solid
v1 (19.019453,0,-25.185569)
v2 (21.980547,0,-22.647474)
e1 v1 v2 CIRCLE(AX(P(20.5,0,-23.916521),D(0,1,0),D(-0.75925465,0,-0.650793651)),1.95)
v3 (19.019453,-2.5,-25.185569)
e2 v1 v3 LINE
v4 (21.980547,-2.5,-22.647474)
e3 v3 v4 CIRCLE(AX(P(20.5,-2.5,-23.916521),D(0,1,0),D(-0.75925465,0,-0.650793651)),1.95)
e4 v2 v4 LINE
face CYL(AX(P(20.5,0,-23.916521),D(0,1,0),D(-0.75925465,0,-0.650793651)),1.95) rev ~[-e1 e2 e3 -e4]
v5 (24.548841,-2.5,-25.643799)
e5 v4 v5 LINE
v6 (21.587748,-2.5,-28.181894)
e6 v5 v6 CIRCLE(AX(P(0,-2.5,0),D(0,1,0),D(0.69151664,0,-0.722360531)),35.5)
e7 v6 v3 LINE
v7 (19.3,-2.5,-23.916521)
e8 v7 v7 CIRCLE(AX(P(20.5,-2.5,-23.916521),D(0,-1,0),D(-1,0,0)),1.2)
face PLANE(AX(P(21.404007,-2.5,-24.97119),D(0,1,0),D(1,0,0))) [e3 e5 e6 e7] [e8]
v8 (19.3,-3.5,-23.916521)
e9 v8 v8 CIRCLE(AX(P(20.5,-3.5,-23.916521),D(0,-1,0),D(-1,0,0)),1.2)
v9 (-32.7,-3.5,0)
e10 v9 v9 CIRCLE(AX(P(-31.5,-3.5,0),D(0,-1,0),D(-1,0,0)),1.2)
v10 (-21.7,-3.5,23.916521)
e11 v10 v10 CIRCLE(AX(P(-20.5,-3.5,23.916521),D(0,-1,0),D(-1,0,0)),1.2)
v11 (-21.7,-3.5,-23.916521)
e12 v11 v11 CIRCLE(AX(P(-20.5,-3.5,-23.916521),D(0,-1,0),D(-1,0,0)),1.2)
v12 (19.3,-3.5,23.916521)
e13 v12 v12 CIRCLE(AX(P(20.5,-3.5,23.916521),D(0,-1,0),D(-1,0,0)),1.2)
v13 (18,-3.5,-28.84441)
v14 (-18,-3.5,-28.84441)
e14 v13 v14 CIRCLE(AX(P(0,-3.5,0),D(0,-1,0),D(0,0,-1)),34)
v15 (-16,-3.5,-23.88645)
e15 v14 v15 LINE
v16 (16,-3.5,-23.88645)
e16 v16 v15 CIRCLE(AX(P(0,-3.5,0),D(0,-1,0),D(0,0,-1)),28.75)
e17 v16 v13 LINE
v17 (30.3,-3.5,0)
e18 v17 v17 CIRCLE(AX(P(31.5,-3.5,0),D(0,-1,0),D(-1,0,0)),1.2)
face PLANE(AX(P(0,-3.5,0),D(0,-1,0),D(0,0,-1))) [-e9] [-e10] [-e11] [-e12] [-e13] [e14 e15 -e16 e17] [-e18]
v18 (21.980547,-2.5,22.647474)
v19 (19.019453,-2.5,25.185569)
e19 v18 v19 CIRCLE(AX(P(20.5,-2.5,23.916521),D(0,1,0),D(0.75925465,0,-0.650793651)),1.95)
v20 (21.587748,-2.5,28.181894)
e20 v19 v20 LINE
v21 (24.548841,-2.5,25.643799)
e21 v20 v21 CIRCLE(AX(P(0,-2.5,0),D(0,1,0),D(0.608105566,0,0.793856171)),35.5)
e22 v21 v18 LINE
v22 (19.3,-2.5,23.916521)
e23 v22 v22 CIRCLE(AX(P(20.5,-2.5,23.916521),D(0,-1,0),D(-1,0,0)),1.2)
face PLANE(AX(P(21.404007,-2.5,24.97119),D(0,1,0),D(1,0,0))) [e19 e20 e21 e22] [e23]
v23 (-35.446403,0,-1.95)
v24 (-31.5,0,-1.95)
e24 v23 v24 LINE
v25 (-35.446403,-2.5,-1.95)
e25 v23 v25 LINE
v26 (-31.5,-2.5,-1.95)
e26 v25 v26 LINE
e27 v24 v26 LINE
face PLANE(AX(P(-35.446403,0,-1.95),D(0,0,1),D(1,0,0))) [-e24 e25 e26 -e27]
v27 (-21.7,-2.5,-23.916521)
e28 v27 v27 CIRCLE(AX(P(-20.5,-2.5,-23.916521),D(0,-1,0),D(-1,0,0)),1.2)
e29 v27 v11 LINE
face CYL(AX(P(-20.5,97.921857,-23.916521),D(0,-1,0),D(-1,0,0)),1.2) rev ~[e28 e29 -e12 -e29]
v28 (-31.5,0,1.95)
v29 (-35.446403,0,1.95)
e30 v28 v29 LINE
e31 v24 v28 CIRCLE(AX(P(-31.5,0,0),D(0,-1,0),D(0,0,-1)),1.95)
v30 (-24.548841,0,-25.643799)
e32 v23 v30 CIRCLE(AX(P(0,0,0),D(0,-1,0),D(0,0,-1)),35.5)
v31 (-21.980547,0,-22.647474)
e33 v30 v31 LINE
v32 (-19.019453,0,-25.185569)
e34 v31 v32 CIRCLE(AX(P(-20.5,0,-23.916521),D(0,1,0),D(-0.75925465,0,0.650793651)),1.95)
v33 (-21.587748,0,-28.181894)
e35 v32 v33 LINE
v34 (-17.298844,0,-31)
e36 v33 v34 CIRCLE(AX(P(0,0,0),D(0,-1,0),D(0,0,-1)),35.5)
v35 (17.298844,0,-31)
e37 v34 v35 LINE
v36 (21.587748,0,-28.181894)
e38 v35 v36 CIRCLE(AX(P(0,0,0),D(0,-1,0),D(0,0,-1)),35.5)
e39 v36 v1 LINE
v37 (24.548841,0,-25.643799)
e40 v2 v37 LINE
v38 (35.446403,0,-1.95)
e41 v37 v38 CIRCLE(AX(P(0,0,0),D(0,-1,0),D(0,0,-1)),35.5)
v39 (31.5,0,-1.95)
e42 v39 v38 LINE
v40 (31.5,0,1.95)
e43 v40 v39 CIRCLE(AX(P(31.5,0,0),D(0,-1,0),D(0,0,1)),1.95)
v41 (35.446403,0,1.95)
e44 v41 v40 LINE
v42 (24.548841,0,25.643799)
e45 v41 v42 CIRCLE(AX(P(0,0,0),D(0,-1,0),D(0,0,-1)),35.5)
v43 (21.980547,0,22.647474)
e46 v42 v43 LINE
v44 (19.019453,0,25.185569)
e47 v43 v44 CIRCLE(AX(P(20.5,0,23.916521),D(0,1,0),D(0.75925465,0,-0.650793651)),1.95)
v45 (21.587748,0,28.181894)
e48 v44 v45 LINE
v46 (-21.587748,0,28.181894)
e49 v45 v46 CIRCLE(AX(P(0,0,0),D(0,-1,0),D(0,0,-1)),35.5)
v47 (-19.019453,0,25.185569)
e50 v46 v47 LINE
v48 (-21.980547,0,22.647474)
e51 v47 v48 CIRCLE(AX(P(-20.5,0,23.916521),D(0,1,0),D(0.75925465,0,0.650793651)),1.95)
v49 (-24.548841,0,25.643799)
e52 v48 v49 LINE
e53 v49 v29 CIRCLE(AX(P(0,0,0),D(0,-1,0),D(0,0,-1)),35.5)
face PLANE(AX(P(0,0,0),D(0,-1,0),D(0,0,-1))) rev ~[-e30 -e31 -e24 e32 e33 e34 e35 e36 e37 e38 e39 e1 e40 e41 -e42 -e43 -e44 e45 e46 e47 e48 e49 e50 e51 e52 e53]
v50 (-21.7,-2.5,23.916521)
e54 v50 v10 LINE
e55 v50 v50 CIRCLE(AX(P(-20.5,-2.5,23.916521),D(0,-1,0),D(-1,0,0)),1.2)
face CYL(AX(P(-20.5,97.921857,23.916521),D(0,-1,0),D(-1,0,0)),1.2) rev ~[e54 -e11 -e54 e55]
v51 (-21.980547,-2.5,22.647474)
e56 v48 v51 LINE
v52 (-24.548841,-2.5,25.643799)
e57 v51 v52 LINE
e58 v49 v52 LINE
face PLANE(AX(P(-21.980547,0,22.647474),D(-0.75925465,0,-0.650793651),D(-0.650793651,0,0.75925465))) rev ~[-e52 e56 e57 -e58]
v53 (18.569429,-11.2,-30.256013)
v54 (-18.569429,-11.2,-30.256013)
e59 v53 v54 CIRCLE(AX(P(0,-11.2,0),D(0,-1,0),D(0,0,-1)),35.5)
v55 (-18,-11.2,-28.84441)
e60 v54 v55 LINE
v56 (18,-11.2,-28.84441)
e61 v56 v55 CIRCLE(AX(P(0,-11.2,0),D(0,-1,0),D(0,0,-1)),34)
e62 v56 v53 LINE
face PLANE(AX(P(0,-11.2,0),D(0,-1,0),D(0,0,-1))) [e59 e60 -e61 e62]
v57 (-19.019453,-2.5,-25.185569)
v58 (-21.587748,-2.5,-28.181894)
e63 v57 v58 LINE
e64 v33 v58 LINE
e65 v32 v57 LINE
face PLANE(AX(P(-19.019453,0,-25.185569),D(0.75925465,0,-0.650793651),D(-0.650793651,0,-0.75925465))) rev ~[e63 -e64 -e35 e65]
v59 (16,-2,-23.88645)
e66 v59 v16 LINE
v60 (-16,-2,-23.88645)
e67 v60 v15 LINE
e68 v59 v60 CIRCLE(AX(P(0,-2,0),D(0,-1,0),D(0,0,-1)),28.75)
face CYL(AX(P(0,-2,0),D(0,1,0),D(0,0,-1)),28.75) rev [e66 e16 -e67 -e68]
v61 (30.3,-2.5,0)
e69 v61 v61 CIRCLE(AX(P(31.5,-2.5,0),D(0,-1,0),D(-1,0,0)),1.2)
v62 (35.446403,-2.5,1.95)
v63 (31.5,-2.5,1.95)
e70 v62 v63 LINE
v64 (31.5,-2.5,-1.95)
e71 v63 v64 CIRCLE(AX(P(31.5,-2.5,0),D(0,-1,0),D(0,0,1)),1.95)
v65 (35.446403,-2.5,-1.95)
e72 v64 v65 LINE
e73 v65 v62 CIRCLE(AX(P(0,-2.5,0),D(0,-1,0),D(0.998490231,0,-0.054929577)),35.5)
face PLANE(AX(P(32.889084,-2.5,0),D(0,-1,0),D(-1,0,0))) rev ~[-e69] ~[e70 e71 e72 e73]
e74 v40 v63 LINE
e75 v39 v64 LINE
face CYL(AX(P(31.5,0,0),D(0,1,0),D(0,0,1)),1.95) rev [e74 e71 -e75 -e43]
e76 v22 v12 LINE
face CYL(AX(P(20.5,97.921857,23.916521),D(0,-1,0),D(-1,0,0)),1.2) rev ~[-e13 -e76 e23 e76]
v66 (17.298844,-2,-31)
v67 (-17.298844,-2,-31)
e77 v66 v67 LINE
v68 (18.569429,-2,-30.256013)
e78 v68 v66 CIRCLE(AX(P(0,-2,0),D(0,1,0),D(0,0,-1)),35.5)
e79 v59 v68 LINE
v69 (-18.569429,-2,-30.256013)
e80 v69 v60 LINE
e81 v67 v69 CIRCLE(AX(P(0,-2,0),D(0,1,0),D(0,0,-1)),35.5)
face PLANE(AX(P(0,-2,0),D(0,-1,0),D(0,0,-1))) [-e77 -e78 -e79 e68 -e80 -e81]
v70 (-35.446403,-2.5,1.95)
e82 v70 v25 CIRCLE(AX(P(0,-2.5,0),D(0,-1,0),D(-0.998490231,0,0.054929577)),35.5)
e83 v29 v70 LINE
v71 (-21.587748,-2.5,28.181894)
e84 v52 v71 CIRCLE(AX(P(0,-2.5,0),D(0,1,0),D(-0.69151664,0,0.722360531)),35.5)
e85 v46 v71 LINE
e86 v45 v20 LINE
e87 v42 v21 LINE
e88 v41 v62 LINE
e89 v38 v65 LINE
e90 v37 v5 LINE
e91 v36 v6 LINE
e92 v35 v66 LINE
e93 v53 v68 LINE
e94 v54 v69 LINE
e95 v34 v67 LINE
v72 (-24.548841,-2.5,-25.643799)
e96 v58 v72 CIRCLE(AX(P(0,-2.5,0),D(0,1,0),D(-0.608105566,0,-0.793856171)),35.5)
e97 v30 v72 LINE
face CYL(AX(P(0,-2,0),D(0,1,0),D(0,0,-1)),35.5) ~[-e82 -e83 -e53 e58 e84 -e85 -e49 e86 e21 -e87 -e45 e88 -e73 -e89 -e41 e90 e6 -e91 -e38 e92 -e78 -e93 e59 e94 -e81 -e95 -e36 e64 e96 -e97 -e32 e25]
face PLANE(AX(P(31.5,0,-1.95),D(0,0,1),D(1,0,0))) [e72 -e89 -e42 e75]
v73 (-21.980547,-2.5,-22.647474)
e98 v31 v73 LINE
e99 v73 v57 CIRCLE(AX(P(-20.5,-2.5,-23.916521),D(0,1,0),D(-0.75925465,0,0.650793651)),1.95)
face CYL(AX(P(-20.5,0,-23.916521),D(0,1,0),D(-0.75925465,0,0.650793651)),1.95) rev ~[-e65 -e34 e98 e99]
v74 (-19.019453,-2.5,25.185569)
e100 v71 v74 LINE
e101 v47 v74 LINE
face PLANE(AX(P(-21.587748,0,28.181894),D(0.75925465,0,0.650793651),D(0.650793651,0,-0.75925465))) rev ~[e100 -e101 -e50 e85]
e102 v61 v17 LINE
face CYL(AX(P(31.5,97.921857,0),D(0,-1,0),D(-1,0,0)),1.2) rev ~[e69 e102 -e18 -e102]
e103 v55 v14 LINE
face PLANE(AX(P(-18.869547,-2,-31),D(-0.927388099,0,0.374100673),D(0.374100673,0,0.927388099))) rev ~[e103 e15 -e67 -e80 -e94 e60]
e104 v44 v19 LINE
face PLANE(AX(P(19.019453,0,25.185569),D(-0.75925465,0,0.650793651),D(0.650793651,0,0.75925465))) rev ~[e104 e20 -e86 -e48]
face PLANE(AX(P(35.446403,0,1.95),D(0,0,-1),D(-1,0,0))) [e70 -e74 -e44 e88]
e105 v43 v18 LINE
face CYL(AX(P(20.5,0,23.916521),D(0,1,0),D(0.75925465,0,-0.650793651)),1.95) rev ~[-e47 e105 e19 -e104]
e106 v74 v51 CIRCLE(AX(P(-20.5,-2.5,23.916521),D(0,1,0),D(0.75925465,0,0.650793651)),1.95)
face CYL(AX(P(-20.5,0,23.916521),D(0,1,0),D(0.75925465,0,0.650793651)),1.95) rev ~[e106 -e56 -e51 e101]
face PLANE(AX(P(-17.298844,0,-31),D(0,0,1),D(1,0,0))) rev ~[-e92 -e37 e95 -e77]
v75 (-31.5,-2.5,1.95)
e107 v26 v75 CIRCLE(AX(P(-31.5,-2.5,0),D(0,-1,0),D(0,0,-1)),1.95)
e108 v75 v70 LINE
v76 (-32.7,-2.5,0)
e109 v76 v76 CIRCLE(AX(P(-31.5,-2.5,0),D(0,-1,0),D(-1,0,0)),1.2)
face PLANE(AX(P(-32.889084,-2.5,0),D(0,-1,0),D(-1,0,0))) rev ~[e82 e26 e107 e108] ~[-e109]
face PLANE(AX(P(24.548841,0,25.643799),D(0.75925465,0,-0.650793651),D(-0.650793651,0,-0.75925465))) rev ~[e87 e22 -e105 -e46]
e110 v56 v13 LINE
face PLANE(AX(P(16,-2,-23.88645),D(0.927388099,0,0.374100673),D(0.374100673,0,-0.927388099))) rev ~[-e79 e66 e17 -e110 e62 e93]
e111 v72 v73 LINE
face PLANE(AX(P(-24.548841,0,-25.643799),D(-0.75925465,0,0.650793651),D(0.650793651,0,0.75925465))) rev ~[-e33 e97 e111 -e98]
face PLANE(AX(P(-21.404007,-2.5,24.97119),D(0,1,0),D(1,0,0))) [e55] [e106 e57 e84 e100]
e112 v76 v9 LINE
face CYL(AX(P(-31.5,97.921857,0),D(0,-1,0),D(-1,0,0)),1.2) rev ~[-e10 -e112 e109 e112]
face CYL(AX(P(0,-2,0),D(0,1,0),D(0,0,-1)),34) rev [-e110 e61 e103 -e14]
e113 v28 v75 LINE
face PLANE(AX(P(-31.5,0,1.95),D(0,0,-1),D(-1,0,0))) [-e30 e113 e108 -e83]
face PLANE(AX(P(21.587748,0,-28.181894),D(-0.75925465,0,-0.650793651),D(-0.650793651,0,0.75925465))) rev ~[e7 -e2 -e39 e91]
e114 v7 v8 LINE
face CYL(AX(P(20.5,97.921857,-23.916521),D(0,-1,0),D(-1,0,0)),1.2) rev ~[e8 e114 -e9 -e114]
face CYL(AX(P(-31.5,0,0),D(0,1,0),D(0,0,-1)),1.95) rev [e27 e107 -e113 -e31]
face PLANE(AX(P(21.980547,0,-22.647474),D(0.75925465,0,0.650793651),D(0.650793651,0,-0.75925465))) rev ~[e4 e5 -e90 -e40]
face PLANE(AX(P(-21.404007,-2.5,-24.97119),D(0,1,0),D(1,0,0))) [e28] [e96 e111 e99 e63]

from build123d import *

# Parameters (mm, degrees)
SKETCH1_R            = 35.5
BOSS_EXTRUDE1_DEPTH  = 2
SKETCH2_R            = 35.5
SKETCH2_R_2          = 34
BOSS_EXTRUDE2_DEPTH  = 9.2
SKETCH5_R            = 34
SKETCH5_R_2          = 28.75
BOSS_EXTRUDE3_DEPTH  = 1.5
CUT_EXTRUDE2_REACH   = 53.439
CUT_EXTRUDE3_REACH   = 53.041
M2_CLEARANCE_HOLE1_D = 2.4
SKETCH10_R           = 1.2
CUT_EXTRUDE4_DEPTH   = 2.5


with BuildPart() as part:
    # Sketch1 → Boss-Extrude1 (new body)
    with BuildSketch(Plane.XZ):
        with Locations(Location((0, 0, 0), (0, 0, 270))):
            Circle(SKETCH1_R)
    extrude(amount=BOSS_EXTRUDE1_DEPTH)

    # Sketch2 → Boss-Extrude2 (add)
    with BuildSketch(Plane.XZ.offset(2)):
        with Locations(Location((0, 0, 0), (0, 0, 270))):
            Circle(SKETCH2_R)
        with Locations(Location((0, 0, 0), (0, 0, 270))):
            Circle(SKETCH2_R_2, mode=Mode.SUBTRACT)
    extrude(amount=BOSS_EXTRUDE2_DEPTH)

    # Sketch5 → Boss-Extrude3 (add)
    with BuildSketch(Plane.XZ.offset(2)):
        with Locations(Location((0, 0, 0), (0, 0, 270))):
            Circle(SKETCH5_R)
        with Locations(Location((0, 0, 0), (0, 0, 270))):
            Circle(SKETCH5_R_2, mode=Mode.SUBTRACT)
    extrude(amount=BOSS_EXTRUDE3_DEPTH)

    # Sketch3 → Cut-Extrude2 (cut, up to next)
    with BuildSketch(Plane(origin=(0, 0, 0), x_dir=(1, 0, 0), z_dir=(0, 1, 0)), mode=Mode.PRIVATE) as cut_extrude2_sk1:
        with BuildLine():
            Line((-17.298843892, 31), (17.298843892, 31))
            ThreePointArc((17.298843892, 31), (0, 35.5), (-17.298843892, 31))
        make_face()
    cut_extrude2_tool1 = extrude(cut_extrude2_sk1.sketch, amount=-CUT_EXTRUDE2_REACH, mode=Mode.PRIVATE) & part.part
    add(cut_extrude2_tool1.solids().sort_by_distance((0, 0, -32.810151))[0], mode=Mode.SUBTRACT)

    # Sketch6 → Cut-Extrude3 (cut, up to next)
    with BuildSketch(Plane.XZ.offset(2), mode=Mode.PRIVATE) as cut_extrude3_sk1:
        Polygon((-18.869547058, -31), (-16, -23.886450134), (16, -23.886450134), (18.869547058, -31), align=None)
    cut_extrude3_tool1 = extrude(cut_extrude3_sk1.sketch, amount=CUT_EXTRUDE3_REACH, mode=Mode.PRIVATE) & part.part
    add(cut_extrude3_tool1.solids().sort_by_distance((0, -2, -27.540792))[0], mode=Mode.SUBTRACT)

    # M2 Clearance Hole1 (through all)
    with Locations(Plane(origin=(0, 0, 0), x_dir=(1, 0, 0), z_dir=(0, 1, 0))):
        with Locations((-20.5, 23.916521486), (-31.5, 0), (-20.5, -23.916521486), (31.5, 0), (20.5, 23.916521486), (20.5, -23.916521486)):
            Hole(M2_CLEARANCE_HOLE1_D / 2)

    # Sketch10 → Cut-Extrude4 (cut)
    # profile 1 of 6: a face of its own
    with BuildSketch(Plane(origin=(0, 0, 0), x_dir=(1, 0, 0), z_dir=(0, 1, 0))):
        with BuildLine():
            Line((-35.446403203, 1.95), (-31.5, 1.95))
            ThreePointArc((-31.5, 1.95), (-29.55, 0), (-31.5, -1.95))
            Line((-31.5, -1.95), (-35.446403203, -1.95))
            ThreePointArc((-35.446403203, -1.95), (-35.5, 0), (-35.446403203, 1.95))
        make_face()
        with Locations(Location((-31.5, 0, 0), (0, 0, 270))):
            Circle(SKETCH10_R, mode=Mode.SUBTRACT)
    # profile 2 of 6: a face of its own
    with BuildSketch(Plane(origin=(0, 0, 0), x_dir=(1, 0, 0), z_dir=(0, 1, 0))):
        with BuildLine():
            Line((-24.548840716, 25.643798851), (-21.980546568, 22.647473867))
            ThreePointArc((-21.980546568, 22.647473867), (-19.230952381, 22.435974918), (-19.019453432, 25.185569105))
            Line((-19.019453432, 25.185569105), (-21.58774758, 28.181894089))
            ThreePointArc((-21.58774758, 28.181894089), (-23.103174603, 26.953540088), (-24.548840716, 25.643798851))
        make_face()
        with Locations(Location((-20.5, 23.916521486, 0), (0, 0, 270))):
            Circle(SKETCH10_R, mode=Mode.SUBTRACT)
    # profile 3 of 6: a face of its own
    with BuildSketch(Plane(origin=(0, 0, 0), x_dir=(1, 0, 0), z_dir=(0, 1, 0))):
        with BuildLine():
            Line((-21.58774758, -28.181894089), (-19.019453432, -25.185569105))
            ThreePointArc((-19.019453432, -25.185569105), (-19.230952381, -22.435974918), (-21.980546568, -22.647473867))
            Line((-21.980546568, -22.647473867), (-24.548840716, -25.643798851))
            ThreePointArc((-24.548840716, -25.643798851), (-23.103174603, -26.953540088), (-21.58774758, -28.181894089))
        make_face()
        with Locations(Location((-20.5, -23.916521486, 0), (0, 0, 270))):
            Circle(SKETCH10_R, mode=Mode.SUBTRACT)
    # profile 4 of 6: a face of its own
    with BuildSketch(Plane(origin=(0, 0, 0), x_dir=(1, 0, 0), z_dir=(0, 1, 0))):
        with BuildLine():
            Line((24.548840716, -25.643798851), (21.980546568, -22.647473867))
            ThreePointArc((21.980546568, -22.647473867), (19.230952381, -22.435974918), (19.019453432, -25.185569105))
            Line((19.019453432, -25.185569105), (21.58774758, -28.181894089))
            ThreePointArc((21.58774758, -28.181894089), (23.103174603, -26.953540088), (24.548840716, -25.643798851))
        make_face()
        with Locations(Location((20.5, -23.916521486, 0), (0, 0, 90))):
            Circle(SKETCH10_R, mode=Mode.SUBTRACT)
    # profile 5 of 6: a face of its own
    with BuildSketch(Plane(origin=(0, 0, 0), x_dir=(1, 0, 0), z_dir=(0, 1, 0))):
        with BuildLine():
            Line((21.58774758, 28.181894089), (19.019453432, 25.185569105))
            ThreePointArc((19.019453432, 25.185569105), (19.230952381, 22.435974918), (21.980546568, 22.647473867))
            Line((21.980546568, 22.647473867), (24.548840716, 25.643798851))
            ThreePointArc((24.548840716, 25.643798851), (23.103174603, 26.953540088), (21.58774758, 28.181894089))
        make_face()
        with Locations(Location((20.5, 23.916521486, 0), (0, 0, 90))):
            Circle(SKETCH10_R, mode=Mode.SUBTRACT)
    # profile 6 of 6: a face of its own
    with BuildSketch(Plane(origin=(0, 0, 0), x_dir=(1, 0, 0), z_dir=(0, 1, 0))):
        with BuildLine():
            Line((35.446403203, -1.95), (31.5, -1.95))
            ThreePointArc((31.5, -1.95), (29.55, 0), (31.5, 1.95))
            Line((31.5, 1.95), (35.446403203, 1.95))
            ThreePointArc((35.446403203, 1.95), (35.5, 0), (35.446403203, -1.95))
        make_face()
        with Locations(Location((31.5, 0, 0), (0, 0, 90))):
            Circle(SKETCH10_R, mode=Mode.SUBTRACT)
    extrude(amount=-CUT_EXTRUDE4_DEPTH, mode=Mode.SUBTRACT)


solid = part.part
